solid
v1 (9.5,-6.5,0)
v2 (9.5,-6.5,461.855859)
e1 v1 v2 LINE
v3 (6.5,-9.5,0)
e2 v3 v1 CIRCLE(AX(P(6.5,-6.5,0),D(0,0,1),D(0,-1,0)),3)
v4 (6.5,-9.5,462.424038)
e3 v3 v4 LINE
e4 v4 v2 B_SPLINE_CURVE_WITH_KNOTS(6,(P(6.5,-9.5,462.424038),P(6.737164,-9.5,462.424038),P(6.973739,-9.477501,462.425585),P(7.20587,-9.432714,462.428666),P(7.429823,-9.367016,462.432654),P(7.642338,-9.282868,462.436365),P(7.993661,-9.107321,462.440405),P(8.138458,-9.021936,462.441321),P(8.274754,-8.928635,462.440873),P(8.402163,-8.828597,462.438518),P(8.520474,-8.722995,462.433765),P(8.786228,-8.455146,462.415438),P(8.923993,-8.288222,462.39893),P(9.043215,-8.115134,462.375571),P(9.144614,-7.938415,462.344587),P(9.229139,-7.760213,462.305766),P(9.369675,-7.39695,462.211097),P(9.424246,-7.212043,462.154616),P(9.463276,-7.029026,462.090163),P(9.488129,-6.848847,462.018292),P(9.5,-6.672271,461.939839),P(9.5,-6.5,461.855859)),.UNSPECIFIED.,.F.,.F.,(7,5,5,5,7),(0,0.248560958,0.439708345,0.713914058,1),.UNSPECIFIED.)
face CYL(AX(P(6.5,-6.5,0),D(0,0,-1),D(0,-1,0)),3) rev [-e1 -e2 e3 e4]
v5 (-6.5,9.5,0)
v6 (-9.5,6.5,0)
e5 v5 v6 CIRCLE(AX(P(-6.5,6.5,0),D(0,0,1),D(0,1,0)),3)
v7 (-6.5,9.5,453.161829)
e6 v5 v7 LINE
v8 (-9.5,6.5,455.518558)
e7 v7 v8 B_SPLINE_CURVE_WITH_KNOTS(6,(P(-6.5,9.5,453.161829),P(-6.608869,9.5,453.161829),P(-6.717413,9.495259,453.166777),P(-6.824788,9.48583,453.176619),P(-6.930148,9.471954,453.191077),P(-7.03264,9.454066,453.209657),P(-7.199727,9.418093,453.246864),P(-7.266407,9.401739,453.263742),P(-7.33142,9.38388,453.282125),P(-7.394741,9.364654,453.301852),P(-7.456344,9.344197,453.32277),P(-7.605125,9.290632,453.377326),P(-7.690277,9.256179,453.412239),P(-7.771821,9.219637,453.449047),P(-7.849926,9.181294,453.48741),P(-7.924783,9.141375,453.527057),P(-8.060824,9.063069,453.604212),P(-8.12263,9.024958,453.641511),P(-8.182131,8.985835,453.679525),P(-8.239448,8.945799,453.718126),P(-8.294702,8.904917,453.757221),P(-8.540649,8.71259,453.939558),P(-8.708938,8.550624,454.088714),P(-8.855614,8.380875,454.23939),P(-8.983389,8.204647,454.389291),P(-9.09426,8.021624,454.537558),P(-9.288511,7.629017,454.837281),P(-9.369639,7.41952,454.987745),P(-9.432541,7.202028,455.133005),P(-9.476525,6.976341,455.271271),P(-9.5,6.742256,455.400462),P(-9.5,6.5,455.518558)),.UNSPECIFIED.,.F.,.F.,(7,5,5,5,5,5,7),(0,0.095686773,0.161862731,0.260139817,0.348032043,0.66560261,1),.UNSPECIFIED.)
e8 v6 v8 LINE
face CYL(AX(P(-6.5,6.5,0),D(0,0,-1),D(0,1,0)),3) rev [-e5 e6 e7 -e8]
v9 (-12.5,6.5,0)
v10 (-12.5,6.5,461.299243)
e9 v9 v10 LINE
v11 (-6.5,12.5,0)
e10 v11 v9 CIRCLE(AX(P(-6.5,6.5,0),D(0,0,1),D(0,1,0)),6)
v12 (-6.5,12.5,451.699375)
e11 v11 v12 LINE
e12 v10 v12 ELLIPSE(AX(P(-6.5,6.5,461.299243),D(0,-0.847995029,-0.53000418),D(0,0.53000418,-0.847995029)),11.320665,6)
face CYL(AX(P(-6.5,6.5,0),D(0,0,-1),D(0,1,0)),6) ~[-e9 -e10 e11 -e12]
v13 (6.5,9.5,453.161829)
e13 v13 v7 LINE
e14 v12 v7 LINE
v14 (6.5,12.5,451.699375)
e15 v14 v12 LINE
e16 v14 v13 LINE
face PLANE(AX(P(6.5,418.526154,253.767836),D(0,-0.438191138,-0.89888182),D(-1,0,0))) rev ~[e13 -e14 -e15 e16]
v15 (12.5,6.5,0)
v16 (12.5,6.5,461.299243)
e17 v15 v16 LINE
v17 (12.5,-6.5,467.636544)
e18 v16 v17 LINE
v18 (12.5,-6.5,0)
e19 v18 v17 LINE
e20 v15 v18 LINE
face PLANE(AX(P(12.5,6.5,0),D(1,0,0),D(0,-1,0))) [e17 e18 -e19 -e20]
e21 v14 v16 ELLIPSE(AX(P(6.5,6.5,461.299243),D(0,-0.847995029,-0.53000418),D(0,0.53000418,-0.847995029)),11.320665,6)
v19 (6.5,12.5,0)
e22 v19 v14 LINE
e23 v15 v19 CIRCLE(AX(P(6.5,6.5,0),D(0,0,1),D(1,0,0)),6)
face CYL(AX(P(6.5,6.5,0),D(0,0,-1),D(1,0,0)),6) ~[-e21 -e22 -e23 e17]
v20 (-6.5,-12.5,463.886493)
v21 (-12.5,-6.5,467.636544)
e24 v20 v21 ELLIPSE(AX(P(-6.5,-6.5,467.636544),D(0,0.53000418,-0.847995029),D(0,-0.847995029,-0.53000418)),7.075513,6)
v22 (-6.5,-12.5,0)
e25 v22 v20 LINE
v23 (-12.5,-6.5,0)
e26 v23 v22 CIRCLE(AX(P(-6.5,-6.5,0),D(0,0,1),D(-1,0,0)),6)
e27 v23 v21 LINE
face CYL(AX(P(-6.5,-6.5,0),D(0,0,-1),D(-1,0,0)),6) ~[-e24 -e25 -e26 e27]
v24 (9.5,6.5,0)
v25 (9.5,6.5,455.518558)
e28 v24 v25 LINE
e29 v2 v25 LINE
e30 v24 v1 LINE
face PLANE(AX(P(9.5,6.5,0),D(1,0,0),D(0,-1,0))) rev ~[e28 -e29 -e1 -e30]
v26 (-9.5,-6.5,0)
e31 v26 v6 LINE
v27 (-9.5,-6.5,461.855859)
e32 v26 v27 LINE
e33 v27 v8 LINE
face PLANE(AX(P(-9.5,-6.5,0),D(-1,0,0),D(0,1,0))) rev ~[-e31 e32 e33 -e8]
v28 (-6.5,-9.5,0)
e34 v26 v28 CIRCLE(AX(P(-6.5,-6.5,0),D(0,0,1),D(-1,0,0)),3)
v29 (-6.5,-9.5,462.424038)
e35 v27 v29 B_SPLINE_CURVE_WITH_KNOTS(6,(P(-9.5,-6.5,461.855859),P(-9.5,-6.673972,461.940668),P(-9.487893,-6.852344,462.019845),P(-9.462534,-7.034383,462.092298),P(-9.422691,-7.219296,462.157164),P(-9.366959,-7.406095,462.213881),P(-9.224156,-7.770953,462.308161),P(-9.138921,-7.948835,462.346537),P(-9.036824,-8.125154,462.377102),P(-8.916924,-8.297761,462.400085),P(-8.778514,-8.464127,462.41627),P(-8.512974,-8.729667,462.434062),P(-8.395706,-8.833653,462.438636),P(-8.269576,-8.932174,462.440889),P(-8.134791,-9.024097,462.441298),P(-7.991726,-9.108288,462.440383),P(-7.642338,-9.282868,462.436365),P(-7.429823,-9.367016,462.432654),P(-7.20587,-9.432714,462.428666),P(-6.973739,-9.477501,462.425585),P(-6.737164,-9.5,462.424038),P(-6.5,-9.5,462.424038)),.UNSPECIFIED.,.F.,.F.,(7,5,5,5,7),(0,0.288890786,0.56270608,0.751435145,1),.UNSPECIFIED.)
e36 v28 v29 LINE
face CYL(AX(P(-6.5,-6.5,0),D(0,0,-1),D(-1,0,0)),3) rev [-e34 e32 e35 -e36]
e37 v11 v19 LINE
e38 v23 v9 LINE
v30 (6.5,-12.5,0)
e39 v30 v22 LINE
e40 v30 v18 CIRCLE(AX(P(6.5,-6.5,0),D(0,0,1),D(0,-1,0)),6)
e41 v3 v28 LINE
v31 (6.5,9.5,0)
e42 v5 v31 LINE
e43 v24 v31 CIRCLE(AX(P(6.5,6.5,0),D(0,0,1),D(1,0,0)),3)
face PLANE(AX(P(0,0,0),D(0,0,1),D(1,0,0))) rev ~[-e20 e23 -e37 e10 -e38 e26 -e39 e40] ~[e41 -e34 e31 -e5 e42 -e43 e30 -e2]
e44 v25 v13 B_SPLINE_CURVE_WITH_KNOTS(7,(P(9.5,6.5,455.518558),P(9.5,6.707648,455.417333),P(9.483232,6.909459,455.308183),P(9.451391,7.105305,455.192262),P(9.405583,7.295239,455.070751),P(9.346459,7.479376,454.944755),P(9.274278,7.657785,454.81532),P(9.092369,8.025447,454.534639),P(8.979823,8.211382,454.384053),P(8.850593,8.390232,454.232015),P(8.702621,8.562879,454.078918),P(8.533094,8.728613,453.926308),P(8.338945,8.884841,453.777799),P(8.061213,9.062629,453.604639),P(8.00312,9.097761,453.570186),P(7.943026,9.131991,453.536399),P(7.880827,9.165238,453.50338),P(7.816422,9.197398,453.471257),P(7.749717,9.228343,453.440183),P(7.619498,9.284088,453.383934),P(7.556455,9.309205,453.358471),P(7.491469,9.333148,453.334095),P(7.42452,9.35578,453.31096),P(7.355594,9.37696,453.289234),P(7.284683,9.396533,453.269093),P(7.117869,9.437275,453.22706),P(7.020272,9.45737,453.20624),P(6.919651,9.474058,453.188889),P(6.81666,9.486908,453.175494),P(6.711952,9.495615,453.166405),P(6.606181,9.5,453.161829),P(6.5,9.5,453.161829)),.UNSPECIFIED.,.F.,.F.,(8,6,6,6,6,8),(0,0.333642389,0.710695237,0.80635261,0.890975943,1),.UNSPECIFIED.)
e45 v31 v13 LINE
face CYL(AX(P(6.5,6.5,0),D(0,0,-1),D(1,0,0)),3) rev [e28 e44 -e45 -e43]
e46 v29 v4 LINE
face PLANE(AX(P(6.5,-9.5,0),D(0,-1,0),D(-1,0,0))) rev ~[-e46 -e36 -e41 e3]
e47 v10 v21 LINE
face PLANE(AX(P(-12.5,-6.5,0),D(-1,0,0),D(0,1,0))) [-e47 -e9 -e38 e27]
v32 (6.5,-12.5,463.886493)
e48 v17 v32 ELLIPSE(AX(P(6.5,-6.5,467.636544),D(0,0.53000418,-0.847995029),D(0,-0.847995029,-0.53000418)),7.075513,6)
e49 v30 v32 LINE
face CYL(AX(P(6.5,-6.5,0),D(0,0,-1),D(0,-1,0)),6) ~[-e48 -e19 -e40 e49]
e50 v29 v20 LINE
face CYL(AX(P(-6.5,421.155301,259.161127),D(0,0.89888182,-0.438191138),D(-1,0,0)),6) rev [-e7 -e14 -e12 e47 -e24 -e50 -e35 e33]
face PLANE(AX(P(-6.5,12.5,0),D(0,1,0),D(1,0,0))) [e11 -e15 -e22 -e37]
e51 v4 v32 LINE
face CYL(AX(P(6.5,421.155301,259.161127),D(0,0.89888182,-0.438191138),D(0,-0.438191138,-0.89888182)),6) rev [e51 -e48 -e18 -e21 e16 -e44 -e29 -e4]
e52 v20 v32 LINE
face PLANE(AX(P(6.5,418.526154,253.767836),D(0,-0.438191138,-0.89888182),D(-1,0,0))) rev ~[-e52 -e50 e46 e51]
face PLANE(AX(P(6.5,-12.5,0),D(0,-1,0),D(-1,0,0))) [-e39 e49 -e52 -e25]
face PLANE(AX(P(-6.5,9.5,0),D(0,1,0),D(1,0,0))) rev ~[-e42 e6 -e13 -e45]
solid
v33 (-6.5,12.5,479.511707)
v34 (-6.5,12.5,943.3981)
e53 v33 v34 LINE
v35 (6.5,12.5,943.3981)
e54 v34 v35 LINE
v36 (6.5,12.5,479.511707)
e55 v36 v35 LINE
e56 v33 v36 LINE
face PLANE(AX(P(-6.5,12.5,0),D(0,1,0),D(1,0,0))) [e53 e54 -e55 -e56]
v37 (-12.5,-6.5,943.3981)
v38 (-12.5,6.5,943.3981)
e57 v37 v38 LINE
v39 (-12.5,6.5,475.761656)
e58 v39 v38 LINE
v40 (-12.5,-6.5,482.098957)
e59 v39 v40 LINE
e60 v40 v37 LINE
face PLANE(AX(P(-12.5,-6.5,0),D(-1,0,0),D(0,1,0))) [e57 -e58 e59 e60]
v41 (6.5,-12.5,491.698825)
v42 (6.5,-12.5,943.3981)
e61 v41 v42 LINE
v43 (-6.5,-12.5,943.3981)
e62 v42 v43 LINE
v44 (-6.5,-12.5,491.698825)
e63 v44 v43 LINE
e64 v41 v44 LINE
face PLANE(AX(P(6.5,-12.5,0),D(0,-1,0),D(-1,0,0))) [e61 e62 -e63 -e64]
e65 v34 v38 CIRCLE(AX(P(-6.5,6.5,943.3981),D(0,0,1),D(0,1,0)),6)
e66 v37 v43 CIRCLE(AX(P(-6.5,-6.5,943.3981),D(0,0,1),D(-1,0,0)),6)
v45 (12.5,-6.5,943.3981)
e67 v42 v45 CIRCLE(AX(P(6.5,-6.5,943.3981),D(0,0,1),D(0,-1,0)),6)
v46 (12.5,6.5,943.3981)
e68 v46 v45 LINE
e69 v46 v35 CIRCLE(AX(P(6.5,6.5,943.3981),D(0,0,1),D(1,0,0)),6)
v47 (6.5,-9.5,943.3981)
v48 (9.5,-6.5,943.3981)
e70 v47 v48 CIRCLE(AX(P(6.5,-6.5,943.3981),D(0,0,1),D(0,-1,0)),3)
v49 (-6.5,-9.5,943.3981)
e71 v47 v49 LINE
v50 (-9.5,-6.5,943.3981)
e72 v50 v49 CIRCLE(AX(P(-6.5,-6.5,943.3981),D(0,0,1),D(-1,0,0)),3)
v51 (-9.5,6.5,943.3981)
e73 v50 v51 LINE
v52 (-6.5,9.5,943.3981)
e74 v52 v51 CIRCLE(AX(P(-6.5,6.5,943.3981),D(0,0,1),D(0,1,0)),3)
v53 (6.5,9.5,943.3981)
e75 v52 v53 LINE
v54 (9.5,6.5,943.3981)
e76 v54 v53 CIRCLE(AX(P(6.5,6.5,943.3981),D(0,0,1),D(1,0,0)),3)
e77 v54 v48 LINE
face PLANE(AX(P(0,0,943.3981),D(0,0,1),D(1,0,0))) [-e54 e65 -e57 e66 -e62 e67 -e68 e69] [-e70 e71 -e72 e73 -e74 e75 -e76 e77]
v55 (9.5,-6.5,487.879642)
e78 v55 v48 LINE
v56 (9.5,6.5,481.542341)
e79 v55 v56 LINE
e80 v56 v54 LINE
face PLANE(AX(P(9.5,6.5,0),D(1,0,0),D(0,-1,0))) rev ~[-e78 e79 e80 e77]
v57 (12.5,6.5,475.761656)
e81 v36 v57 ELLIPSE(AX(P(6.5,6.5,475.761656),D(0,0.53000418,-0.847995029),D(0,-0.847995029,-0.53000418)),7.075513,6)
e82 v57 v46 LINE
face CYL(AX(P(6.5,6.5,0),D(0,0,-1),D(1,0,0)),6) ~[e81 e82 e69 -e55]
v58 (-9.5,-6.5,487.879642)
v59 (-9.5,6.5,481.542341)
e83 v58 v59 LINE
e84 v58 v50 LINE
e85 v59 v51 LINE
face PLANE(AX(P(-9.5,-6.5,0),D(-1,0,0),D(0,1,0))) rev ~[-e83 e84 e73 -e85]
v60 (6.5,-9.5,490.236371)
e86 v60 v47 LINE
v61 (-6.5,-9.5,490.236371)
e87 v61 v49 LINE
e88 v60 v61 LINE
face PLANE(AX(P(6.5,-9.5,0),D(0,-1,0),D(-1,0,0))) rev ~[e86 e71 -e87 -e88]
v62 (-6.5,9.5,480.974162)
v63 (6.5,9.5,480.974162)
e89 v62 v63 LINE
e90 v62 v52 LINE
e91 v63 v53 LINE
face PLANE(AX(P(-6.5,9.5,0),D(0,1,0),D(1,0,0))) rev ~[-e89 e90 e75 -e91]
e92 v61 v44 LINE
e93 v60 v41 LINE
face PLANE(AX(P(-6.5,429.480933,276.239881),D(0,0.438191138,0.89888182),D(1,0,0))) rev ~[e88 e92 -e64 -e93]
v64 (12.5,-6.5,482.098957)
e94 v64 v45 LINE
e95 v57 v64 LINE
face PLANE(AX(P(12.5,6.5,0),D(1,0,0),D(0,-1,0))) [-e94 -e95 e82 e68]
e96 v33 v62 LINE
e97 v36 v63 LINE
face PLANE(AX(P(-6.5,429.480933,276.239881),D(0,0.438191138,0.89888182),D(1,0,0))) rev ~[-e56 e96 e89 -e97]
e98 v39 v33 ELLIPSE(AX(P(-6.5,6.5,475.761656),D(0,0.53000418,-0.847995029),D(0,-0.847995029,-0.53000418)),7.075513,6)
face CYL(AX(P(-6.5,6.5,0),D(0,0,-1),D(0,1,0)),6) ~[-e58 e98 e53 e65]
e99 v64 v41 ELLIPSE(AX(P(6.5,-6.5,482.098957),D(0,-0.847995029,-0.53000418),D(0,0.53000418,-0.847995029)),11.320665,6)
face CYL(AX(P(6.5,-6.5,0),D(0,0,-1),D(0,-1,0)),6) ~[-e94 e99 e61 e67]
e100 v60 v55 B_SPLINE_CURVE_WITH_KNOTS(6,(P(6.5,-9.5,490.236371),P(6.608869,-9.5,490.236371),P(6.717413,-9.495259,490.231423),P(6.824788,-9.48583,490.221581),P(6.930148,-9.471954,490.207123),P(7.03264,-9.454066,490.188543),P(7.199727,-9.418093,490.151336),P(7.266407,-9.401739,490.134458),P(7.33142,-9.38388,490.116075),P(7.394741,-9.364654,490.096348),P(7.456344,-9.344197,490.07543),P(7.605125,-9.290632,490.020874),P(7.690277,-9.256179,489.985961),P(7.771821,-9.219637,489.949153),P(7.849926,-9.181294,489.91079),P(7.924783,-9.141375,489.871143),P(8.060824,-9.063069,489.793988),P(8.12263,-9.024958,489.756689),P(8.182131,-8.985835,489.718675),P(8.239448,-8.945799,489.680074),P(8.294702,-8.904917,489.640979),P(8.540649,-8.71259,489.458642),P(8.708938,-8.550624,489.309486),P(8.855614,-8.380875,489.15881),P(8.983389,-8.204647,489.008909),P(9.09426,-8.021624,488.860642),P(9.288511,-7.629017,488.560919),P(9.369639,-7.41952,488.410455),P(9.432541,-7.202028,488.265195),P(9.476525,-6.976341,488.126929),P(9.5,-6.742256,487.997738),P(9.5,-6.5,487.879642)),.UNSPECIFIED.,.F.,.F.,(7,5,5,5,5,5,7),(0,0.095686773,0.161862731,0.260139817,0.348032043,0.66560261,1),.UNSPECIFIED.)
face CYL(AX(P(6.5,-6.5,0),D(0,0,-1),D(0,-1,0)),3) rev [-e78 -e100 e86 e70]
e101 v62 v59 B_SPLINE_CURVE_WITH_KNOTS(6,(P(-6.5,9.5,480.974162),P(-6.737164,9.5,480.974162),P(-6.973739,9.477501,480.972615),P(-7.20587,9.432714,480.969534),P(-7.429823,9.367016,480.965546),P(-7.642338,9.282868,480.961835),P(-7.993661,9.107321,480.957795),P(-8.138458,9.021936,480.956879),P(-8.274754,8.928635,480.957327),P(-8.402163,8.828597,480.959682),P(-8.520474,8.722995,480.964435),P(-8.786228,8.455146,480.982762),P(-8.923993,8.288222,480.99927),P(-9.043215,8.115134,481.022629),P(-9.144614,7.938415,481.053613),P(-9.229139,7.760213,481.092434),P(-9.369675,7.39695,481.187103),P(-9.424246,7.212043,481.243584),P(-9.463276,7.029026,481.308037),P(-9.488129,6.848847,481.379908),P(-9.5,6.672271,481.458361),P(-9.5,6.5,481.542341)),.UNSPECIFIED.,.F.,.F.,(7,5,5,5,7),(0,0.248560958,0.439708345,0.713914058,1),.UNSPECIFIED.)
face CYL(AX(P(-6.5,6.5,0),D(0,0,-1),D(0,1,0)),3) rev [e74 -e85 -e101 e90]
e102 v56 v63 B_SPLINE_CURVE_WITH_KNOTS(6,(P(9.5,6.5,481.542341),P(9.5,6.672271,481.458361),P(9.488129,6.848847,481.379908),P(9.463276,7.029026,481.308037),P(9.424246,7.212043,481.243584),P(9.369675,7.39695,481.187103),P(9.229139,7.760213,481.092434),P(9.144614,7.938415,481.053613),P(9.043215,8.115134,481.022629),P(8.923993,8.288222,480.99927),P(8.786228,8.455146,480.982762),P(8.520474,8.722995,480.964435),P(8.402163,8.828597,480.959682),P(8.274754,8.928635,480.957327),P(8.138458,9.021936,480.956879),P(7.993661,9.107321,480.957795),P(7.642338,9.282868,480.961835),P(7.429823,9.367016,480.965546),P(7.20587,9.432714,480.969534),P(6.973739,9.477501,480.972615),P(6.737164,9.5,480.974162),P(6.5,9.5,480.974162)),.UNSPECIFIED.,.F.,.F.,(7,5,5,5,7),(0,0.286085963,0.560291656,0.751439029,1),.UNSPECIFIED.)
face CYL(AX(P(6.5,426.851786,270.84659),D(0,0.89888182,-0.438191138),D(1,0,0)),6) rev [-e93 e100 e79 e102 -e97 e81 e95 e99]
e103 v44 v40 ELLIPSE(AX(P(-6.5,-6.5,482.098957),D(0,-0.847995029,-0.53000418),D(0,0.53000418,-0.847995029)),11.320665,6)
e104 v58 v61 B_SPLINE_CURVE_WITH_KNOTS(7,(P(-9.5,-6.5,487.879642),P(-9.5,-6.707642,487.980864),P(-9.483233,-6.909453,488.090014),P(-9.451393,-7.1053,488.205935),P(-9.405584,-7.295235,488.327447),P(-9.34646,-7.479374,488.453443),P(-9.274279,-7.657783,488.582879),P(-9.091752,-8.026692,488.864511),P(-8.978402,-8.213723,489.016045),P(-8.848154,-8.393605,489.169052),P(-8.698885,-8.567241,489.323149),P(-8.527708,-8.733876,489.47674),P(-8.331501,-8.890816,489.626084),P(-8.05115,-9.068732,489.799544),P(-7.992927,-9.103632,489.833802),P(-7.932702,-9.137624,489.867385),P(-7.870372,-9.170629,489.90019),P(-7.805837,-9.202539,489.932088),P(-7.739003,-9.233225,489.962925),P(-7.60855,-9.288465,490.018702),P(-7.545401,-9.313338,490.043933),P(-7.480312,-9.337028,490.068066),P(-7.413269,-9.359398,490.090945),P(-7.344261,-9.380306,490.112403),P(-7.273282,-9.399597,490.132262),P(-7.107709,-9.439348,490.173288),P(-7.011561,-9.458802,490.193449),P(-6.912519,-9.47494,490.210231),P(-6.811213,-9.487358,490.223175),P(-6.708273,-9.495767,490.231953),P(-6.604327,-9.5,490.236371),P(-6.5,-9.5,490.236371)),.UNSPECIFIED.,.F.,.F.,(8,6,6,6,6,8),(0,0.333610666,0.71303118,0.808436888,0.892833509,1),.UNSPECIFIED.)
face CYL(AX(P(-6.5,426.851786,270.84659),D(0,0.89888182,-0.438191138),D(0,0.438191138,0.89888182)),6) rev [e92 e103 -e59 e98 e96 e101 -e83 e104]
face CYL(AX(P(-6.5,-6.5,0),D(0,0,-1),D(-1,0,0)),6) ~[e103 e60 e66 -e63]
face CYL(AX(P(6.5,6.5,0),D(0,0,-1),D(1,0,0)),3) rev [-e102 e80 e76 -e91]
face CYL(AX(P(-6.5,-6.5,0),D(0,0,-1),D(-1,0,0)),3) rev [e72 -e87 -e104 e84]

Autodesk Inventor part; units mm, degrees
ref_plane "Start plane" through (0, 0, 0) normal (0, 0, 1) x (1, 0, 0)
ref_plane "End plane" through (0, 0, 943.3981) normal (0, 0, 1) x (1, 0, 0)
sketch "Sketch" plane through (0, 0, 0) normal (0, 0, 1) x (1, 0, 0)
  line L0 (-12.5, -6.5) -> (-12.5, 6.5)
  line L1 (-6.5, 12.5) -> (6.5, 12.5)
  line L2 (12.5, 6.5) -> (12.5, -6.5)
  line L3 (6.5, -12.5) -> (-6.5, -12.5)
  arc A0 (-12.5, -6.5) -> (-6.5, -12.5) centre (-6.5, -6.5) ccw
  arc A1 (-6.5, 12.5) -> (-12.5, 6.5) centre (-6.5, 6.5) ccw
  arc A2 (12.5, 6.5) -> (6.5, 12.5) centre (6.5, 6.5) ccw
  arc A3 (6.5, -12.5) -> (12.5, -6.5) centre (6.5, -6.5) ccw
  arc A4 (-6.5, 9.5) -> (-9.5, 6.5) centre (-6.5, 6.5) ccw
  line L4 (-6.5, 9.5) -> (6.5, 9.5)
  arc A5 (9.5, 6.5) -> (6.5, 9.5) centre (6.5, 6.5) ccw
  line L5 (9.5, 6.5) -> (9.5, -6.5)
  arc A6 (6.5, -9.5) -> (9.5, -6.5) centre (6.5, -6.5) ccw
  line L6 (6.5, -9.5) -> (-6.5, -9.5)
  arc A7 (-9.5, -6.5) -> (-6.5, -9.5) centre (-6.5, -6.5) ccw
  line L7 (-9.5, -6.5) -> (-9.5, 6.5)
  line L8 (0, 19.2397) -> (0, -19.2397) construction
  line L9 (-19.2397, 0) -> (19.2397, 0) construction
  dimension "d7" = 6
  dimension "d10" = 25
  dimension "d11" = 25
  dimension "d12" = 3
  dimension "d15" = 12.5
  dimension "d16" = 12.5
extrude "Body" add sketch "Sketch" along normal up to surface (943.3981 mm away) from surface at 0
sketch "Sketch3" plane through (0, 0, 0) normal (0, 0, 1) x (1, 0, 0)
  line L0 (0, 0) -> (10, 0)
ref_plane "Work Plane3" through (0, 0, 0) normal (0, -1, 0) x (1, 0, 0)
sketch "Sketch4" plane through (0, 0, 0) normal (0, -1, 0) x (1, 0, 0)
  line L0 (-2, 0) -> (12, 0)
  line L1 (-2, 943.3981) -> (12, 943.3981)
  dimension "d18" = 943.3981
ref_plane "Work Plane4" through (0, 423.9992, 264.9995) normal (0, -0.8989, 0.4382) x (1, 0, 0)
ref_plane "Work Plane5" through (0, -423.9992, 678.3986) normal (0, -0.8989, 0.4382) x (1, 0, 0)
ref_plane "Work Plane6" through (0, 0, 471.6991) normal (0, -0.8989, 0.4382) x (1, 0, 0)
sketch "Sketch5" plane through (0, 0, 471.6991) normal (0, -0.8989, 0.4382) x (1, 0, 0)
  arc A0 (-12.5, -6.5) -> (-6.5, -12.5) centre (-6.5, -6.5) ccw
  line L0 (-12.5, -6.5) -> (-12.5, 6.5)
  arc A1 (-6.5, 12.5) -> (-12.5, 6.5) centre (-6.5, 6.5) ccw
  line L1 (-6.5, 12.5) -> (6.5, 12.5)
  arc A2 (12.5, 6.5) -> (6.5, 12.5) centre (6.5, 6.5) ccw
  line L2 (12.5, 6.5) -> (12.5, -6.5)
  arc A3 (6.5, -12.5) -> (12.5, -6.5) centre (6.5, -6.5) ccw
  line L3 (6.5, -12.5) -> (-6.5, -12.5)
  arc A4 (-6.5, 9.5) -> (-9.5, 6.5) centre (-6.5, 6.5) ccw
  line L4 (-6.5, 9.5) -> (6.5, 9.5)
  arc A5 (9.5, 6.5) -> (6.5, 9.5) centre (6.5, 6.5) ccw
  line L5 (9.5, 6.5) -> (9.5, -6.5)
  arc A6 (6.5, -9.5) -> (9.5, -6.5) centre (6.5, -6.5) ccw
  line L6 (6.5, -9.5) -> (-6.5, -9.5)
  arc A7 (-9.5, -6.5) -> (-6.5, -9.5) centre (-6.5, -6.5) ccw
  line L7 (-9.5, -6.5) -> (-9.5, 6.5)
extrude "Extrusion2" cut sketch "Sketch5" along normal up to surface (943.3981 mm away) from surface at -471.6991 contours L0 A1 L1 A2 L2 A3 L3 A0 | L4 A5 L5 A6 L6 A7 L7 A4
equation "\"d7\" = G_IR"
equation "\"d10\" = G_H"
equation "\"d11\" = G_W"
equation "\"d12\" = G_T"
equation "\"d15\" = 0.5 * d10"
equation "\"d16\" = 0.5 * d11"
equation "\"d3\" = G_L"
equation "\"G_W\" = 25"
equation "\"G_H\" = 25"
equation "\"G_T\" = 3"
equation "\"G_IR\" = 6"
equation "\"G_L\" = d18"
equation "\"G_OFFSET_START\" = 0"
equation "\"G_OFFSET_END\" = 0"
equation "\"d14\" = G_OFFSET_END + B_L"
equation "\"B_L\" = 943.39811"
properties part number "AS 1163 - C350L0 25x25x3.0 SHS - 943.398" material "Steel, Mild"
